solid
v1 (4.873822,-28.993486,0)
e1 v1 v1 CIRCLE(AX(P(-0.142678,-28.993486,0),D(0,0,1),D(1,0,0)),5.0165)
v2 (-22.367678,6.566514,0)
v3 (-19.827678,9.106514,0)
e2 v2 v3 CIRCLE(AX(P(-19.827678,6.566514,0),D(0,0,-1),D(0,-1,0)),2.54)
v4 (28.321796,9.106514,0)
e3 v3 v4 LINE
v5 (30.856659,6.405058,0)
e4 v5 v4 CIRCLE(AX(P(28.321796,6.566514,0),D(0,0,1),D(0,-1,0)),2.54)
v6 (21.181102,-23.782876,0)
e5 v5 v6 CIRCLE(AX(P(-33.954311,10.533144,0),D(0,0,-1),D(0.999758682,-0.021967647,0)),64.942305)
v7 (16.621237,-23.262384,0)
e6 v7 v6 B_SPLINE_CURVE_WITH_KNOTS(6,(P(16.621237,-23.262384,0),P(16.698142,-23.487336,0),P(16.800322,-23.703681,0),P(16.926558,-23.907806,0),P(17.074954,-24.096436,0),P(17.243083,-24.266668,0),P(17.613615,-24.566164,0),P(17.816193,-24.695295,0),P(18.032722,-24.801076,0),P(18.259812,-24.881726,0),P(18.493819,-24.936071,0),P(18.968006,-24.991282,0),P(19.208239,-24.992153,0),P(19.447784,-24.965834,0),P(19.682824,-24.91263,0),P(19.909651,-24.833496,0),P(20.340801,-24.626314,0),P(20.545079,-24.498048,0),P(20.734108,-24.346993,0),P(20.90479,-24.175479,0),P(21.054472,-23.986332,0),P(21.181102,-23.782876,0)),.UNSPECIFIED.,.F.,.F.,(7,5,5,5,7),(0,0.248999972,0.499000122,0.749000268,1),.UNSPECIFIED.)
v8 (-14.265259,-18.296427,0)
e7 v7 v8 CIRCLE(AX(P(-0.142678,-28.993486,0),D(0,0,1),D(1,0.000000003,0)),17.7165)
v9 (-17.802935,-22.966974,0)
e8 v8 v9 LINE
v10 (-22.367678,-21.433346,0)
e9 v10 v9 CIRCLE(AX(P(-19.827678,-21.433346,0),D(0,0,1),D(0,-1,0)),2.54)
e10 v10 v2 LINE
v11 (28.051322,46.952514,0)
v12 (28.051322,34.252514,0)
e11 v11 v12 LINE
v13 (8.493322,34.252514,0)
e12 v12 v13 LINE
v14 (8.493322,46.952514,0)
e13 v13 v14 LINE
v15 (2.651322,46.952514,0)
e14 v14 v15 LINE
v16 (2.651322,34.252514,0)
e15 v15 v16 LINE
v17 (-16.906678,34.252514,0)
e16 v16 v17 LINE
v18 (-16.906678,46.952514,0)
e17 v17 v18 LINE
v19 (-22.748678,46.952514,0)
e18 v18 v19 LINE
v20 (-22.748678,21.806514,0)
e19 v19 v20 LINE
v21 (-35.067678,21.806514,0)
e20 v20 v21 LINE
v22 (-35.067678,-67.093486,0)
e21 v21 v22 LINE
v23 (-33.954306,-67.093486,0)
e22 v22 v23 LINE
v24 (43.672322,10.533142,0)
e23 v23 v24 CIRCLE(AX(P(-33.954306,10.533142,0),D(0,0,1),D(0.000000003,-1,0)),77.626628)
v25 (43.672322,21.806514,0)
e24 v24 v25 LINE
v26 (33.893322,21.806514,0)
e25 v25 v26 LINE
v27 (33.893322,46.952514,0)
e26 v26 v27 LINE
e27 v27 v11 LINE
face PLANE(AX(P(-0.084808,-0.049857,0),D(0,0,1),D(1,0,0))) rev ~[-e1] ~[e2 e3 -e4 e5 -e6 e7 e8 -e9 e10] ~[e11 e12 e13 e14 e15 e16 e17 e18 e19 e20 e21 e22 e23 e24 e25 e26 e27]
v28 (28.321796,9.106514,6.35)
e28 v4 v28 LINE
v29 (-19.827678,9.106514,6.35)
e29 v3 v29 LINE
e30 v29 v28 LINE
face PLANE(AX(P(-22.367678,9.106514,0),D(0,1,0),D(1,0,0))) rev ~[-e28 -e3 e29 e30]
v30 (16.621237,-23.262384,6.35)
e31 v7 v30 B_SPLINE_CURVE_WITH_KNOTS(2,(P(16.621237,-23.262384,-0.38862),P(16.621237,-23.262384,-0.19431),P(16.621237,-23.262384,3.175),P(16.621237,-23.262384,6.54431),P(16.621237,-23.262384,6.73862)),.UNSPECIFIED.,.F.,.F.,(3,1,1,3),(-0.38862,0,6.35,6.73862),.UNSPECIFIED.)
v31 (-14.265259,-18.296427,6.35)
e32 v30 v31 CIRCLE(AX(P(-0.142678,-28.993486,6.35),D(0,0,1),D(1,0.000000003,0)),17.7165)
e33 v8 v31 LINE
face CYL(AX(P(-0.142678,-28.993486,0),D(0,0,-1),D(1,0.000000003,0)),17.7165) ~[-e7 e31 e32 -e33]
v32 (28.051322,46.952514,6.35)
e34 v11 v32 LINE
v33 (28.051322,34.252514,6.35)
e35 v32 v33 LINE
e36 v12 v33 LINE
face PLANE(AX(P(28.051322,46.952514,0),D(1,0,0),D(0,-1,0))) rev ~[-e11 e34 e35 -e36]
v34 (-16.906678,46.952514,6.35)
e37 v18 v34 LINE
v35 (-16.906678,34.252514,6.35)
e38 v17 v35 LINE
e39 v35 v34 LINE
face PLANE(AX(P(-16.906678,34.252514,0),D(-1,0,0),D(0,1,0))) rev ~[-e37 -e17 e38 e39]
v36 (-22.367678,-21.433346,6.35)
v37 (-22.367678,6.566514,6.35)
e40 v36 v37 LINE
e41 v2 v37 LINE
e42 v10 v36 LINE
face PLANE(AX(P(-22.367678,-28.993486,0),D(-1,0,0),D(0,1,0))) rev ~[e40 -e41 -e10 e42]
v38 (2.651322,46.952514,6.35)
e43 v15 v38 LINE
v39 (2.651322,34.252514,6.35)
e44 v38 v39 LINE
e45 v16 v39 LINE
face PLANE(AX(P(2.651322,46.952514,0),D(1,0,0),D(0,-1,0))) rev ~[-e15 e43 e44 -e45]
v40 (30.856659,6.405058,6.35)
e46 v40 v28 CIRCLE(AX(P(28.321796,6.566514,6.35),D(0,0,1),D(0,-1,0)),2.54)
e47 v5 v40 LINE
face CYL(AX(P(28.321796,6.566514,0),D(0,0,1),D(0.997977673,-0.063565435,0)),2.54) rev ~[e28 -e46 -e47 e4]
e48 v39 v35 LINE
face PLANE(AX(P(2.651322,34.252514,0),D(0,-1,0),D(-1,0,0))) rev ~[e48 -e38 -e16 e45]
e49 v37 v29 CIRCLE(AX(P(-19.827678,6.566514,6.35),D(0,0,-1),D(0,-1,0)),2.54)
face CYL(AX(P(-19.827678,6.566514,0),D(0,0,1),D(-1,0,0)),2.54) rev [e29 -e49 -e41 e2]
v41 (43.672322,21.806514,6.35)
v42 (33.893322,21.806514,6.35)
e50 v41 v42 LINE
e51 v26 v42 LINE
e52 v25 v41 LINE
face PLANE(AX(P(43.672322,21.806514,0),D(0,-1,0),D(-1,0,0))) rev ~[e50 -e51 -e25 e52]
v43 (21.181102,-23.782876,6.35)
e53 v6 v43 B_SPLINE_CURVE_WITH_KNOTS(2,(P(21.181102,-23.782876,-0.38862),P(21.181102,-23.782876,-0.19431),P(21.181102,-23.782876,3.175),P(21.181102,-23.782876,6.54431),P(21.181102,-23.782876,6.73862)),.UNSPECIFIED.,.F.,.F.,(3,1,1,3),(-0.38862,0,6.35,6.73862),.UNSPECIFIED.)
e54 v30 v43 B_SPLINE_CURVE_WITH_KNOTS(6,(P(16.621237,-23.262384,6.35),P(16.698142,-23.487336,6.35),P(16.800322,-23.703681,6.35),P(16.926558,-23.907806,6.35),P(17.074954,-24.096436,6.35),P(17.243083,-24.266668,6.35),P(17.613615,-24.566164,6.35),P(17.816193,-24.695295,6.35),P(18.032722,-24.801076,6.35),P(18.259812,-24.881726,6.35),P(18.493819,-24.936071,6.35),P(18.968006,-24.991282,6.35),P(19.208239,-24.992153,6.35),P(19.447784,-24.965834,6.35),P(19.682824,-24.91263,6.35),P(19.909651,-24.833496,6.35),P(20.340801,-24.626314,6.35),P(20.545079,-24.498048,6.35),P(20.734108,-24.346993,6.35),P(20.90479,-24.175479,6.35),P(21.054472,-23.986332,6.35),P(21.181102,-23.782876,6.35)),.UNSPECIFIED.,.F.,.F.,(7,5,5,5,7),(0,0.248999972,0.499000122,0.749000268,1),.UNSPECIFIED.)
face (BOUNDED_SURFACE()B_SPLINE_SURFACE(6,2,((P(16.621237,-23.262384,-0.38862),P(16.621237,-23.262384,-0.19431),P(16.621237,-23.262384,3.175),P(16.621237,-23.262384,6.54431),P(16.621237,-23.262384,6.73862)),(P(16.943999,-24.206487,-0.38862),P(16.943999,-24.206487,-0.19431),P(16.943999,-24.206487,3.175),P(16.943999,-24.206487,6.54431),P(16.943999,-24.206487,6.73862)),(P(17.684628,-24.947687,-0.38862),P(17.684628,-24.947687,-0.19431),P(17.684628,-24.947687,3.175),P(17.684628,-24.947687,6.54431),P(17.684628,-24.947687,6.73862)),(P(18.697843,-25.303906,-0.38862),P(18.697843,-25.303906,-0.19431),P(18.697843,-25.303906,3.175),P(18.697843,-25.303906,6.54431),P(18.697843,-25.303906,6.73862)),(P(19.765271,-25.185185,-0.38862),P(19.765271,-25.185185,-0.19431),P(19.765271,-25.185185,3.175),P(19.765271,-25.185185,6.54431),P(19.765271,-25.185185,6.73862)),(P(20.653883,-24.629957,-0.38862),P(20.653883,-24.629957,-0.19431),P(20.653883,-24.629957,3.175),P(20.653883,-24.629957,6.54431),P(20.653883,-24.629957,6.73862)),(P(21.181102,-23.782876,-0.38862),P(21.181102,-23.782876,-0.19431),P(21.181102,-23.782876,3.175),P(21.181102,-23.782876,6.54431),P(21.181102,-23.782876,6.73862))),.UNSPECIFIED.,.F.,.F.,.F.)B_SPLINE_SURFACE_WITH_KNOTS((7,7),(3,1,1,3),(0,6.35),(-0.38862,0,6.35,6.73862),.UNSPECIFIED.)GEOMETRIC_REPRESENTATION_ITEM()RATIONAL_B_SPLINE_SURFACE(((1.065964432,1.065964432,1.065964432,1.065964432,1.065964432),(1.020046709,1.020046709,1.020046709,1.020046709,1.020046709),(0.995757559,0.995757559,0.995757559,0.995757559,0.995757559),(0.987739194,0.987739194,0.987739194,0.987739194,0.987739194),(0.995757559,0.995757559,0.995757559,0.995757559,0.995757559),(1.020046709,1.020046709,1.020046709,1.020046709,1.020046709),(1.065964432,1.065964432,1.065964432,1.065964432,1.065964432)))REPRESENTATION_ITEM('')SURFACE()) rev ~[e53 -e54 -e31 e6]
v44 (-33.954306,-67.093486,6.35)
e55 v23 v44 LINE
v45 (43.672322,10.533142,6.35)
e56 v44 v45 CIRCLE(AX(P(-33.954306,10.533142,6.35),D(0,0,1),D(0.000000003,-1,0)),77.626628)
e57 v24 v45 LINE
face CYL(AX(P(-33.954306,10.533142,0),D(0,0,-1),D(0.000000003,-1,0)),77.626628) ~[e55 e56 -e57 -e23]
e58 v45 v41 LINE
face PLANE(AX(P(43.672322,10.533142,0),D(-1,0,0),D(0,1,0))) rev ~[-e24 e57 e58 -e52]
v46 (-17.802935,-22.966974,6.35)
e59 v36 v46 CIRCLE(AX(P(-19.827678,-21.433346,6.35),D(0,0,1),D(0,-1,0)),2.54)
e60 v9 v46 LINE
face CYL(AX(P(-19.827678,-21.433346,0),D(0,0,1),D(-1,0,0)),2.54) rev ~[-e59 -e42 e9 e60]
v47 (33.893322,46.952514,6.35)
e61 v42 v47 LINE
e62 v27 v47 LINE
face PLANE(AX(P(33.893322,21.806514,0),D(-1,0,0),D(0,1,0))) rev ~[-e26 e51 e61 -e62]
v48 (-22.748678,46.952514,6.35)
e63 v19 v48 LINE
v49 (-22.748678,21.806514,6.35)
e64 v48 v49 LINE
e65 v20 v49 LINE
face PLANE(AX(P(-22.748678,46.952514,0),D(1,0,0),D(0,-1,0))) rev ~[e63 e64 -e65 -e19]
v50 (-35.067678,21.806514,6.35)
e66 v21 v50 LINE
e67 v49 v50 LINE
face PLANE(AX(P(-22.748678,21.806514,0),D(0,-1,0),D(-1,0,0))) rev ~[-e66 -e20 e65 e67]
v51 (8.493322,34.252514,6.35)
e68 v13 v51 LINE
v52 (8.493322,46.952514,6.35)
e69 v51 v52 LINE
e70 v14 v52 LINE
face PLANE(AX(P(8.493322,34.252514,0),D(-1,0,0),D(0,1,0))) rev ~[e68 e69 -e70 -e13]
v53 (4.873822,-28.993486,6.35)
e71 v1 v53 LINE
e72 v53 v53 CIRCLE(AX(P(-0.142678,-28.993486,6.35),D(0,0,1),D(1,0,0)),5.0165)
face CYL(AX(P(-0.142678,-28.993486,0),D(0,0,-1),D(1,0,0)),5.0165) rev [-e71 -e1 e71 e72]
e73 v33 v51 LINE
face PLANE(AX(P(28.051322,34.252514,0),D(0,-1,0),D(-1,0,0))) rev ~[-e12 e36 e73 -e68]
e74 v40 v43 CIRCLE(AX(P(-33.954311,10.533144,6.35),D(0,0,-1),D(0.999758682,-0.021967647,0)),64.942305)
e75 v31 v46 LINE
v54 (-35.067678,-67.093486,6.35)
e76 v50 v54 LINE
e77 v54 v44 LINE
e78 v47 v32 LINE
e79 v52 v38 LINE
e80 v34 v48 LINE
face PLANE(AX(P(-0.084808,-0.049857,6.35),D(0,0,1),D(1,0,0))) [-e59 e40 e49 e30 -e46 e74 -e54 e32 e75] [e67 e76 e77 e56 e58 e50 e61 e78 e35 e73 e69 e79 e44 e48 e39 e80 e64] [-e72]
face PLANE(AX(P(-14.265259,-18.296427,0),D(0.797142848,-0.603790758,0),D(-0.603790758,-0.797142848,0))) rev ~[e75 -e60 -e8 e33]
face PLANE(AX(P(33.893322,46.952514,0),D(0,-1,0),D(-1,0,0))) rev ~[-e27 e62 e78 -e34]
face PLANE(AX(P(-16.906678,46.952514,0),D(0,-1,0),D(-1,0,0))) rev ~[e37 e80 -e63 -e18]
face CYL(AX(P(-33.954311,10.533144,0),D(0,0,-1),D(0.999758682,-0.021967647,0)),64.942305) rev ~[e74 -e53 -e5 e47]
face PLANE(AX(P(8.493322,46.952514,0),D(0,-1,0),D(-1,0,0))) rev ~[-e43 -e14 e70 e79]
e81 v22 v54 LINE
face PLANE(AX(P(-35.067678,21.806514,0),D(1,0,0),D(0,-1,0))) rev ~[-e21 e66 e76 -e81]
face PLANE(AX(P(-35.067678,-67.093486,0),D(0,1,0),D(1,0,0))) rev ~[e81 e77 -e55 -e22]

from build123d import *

# Parameters (mm, degrees)
F0_R     = 5.0165
F1_DEPTH = 6.35
F2_R     = 2.54


with BuildPart() as f1:
    # F0 (on Top) → F1 (new body)
    with BuildSketch(Plane.XY):
        with BuildLine():
            Line((2.651322, 46.952514), (2.651322, 34.252514))
            Line((2.651322, 34.252514), (-16.906678, 34.252514))
            Line((-16.906678, 34.252514), (-16.906678, 46.952514))
            Line((-16.906678, 46.952514), (-22.748678, 46.952514))
            Line((-22.748678, 46.952514), (-22.748678, 21.806514))
            Line((-22.748678, 21.806514), (-35.067678, 21.806514))
            Line((-35.067678, 21.806514), (-35.067678, -67.093486))
            Line((-35.067678, -67.093486), (-33.954306, -67.093486))
            ThreePointArc((-33.954306, -67.093486), (20.936009, -44.357173), (43.672322, 10.533142))
            Line((43.672322, 10.533142), (43.672322, 21.806514))
            Line((43.672322, 21.806514), (33.893322, 21.806514))
            Line((33.893322, 21.806514), (33.893322, 46.952514))
            Line((33.893322, 46.952514), (28.051322, 46.952514))
            Line((28.051322, 46.952514), (28.051322, 34.252514))
            Line((28.051322, 34.252514), (8.493322, 34.252514))
            Line((8.493322, 34.252514), (8.493322, 46.952514))
            Line((8.493322, 46.952514), (2.651322, 46.952514))
        make_face()
        with Locations((-0.142678, -28.993486)):
            Circle(F0_R, mode=Mode.SUBTRACT)
        with BuildLine():
            Line((-22.367678, 9.106514), (30.972322, 9.106514))
            ThreePointArc((30.972322, 9.106514), (27.310121, -11.011515), (17.573822, -28.993486))
            ThreePointArc((17.573822, -28.993486), (5.499647, -12.199483), (-14.265259, -18.296427))
            Line((-14.265259, -18.296427), (-22.367678, -28.993486))
            Line((-22.367678, -28.993486), (-22.367678, 9.106514))
        make_face(mode=Mode.SUBTRACT)
    extrude(amount=F1_DEPTH)

    # F2
    f2_edges = [f1.edges().sort_by_distance(p)[0] for p in [
        (30.972322, 9.106514, 3.175),
        (-22.367678, 9.106514, 3.175),
        (17.573822, -28.993486, 3.175),
        (-22.367678, -28.993486, 3.175),
    ]]
    fillet(f2_edges, radius=F2_R)


solid = f1.part
